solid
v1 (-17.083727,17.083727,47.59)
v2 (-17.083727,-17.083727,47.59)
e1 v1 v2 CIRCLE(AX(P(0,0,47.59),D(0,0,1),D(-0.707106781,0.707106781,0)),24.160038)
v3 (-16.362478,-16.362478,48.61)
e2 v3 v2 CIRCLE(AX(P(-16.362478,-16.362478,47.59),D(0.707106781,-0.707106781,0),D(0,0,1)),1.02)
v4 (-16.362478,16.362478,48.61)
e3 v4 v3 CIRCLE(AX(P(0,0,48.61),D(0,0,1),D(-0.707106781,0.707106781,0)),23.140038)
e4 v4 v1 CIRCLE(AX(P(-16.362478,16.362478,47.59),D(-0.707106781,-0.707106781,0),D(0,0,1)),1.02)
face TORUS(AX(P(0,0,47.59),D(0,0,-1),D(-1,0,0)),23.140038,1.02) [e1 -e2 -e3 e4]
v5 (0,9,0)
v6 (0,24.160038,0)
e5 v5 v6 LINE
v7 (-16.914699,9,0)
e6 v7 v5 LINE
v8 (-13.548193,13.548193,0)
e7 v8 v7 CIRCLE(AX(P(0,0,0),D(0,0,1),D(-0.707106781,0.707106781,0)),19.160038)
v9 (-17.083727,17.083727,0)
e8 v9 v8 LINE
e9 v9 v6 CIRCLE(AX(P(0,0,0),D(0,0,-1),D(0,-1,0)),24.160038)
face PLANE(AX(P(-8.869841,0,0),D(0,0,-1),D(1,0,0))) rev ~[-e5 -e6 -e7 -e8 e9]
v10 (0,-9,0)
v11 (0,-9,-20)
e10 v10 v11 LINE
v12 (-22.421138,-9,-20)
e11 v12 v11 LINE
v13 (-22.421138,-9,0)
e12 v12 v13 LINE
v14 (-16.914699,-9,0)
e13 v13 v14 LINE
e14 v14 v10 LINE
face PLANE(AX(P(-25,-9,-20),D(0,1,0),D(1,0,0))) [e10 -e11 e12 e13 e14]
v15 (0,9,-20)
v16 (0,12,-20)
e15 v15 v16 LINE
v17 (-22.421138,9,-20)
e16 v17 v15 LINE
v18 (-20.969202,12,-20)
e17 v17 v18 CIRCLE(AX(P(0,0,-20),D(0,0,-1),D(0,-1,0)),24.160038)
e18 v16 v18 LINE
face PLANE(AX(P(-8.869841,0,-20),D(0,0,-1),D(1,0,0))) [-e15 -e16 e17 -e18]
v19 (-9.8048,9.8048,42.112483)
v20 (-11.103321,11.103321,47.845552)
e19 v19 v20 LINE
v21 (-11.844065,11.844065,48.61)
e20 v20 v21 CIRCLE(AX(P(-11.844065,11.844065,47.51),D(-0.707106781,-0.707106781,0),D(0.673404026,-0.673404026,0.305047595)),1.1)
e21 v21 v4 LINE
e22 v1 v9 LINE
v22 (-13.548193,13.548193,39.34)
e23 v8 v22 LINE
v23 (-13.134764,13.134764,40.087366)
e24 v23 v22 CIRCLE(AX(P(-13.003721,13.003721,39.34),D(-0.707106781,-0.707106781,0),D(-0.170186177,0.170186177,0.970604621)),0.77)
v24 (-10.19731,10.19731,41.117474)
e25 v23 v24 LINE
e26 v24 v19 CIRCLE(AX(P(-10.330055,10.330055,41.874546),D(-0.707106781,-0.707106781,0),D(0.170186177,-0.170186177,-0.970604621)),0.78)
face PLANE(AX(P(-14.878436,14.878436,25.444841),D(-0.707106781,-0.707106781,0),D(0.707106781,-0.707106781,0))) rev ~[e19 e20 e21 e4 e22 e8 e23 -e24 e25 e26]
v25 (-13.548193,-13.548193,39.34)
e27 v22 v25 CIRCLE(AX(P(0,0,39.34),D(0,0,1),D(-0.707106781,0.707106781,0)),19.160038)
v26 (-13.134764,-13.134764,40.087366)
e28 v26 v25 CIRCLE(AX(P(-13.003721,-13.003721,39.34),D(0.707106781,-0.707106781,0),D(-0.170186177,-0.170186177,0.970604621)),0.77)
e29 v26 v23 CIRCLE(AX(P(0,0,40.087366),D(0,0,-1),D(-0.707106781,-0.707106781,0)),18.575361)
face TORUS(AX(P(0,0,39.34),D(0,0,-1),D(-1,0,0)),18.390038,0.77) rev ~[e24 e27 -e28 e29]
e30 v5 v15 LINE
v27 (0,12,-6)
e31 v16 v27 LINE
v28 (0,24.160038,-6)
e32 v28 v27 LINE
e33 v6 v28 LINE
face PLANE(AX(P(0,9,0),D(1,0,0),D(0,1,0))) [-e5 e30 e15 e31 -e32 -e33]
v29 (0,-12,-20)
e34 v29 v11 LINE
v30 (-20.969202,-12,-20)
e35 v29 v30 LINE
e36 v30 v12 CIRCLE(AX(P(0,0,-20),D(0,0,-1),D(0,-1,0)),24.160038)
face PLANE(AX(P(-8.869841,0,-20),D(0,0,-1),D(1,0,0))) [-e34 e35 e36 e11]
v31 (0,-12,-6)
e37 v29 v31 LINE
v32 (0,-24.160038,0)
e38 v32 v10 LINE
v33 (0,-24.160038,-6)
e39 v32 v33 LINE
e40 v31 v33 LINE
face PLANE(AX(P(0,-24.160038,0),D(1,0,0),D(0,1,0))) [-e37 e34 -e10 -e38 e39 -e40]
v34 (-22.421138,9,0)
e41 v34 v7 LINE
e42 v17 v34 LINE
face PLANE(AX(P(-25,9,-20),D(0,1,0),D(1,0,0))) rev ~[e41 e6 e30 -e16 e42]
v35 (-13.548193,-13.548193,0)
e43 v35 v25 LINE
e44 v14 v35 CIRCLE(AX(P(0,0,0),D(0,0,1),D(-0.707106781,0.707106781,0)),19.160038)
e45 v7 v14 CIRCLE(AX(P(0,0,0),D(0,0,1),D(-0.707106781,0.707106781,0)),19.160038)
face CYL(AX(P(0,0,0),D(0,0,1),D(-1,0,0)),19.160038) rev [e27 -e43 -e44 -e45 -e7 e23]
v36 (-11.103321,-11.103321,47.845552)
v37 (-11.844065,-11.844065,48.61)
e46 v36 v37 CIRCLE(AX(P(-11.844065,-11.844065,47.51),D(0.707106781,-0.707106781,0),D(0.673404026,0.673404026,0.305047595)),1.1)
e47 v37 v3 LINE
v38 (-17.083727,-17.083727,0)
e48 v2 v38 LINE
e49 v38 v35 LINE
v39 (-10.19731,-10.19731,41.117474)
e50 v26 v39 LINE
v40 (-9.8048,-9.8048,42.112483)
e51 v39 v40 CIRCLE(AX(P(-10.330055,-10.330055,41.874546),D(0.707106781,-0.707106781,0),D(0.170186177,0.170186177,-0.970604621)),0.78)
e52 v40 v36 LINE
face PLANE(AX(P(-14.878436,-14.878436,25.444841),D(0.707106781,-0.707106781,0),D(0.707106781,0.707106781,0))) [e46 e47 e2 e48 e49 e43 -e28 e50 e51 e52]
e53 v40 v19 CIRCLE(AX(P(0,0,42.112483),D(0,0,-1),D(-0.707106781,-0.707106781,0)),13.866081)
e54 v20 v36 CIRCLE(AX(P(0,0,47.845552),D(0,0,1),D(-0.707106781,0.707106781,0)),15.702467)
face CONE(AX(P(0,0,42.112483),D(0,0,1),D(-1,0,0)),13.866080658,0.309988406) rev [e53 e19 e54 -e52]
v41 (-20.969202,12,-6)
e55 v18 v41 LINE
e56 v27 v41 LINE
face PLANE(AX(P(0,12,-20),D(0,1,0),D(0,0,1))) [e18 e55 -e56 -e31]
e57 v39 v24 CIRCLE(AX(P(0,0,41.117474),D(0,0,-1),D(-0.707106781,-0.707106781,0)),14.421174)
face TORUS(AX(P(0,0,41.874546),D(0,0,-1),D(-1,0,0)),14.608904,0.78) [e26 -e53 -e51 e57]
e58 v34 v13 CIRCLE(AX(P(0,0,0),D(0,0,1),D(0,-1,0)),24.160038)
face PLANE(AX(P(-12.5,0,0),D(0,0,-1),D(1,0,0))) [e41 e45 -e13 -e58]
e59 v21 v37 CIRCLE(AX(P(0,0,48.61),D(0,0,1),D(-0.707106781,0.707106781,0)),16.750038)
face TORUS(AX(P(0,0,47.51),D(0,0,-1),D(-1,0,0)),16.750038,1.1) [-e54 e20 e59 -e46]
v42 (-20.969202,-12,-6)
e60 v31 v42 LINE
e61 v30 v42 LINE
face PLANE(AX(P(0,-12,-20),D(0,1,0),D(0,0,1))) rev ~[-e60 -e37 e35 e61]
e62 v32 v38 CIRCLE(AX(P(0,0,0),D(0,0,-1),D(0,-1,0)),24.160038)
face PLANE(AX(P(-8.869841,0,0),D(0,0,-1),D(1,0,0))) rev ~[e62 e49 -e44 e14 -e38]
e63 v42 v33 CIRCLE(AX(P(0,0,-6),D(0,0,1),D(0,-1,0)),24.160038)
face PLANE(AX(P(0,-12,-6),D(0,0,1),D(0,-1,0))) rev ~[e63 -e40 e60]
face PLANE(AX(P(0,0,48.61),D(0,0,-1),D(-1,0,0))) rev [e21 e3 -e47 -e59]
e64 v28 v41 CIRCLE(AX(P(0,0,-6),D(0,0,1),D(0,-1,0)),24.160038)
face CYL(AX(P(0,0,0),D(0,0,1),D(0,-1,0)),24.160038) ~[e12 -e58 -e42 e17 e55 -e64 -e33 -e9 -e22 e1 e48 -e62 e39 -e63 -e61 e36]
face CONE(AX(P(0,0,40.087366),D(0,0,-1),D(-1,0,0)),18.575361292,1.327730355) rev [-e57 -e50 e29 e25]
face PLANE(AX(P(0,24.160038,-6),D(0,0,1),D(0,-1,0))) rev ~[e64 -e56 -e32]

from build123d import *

# Parameters (mm, degrees)
REVOLUTION001_ANGLE = 90
PAD_DEPTH           = 20
SKETCH003_W         = 14
SKETCH003_H         = 12.160038
POCKET_DEPTH        = 24.1610380001
SKETCH004_R         = 2
POCKET001_DEPTH     = 54.611
SKETCH007_W         = 25
SKETCH007_H         = 18
POCKET002_DEPTH     = 20


with BuildPart() as part:
    # Sketch001 → Revolution001 (revolve, symmetric)
    with BuildSketch(Plane.XZ) as revolution001_sk:
        with BuildLine():
            Line((-13.8660806584, 42.1124829734), (-15.7024671828, 47.8455523549))
            ThreePointArc((-15.7024671828, 47.8455523549), (-16.1016197671, 48.3985683965), (-16.750038, 48.61))
            Line((-16.750038, 48.61), (-23.140038, 48.61))
            ThreePointArc((-23.140038, 48.61), (-23.8612869168, 48.3112489168), (-24.160038, 47.59))
            Line((-24.160038, 47.59), (-24.160038, 0))
            Line((-24.160038, 0), (-19.160038, 0))
            Line((-19.160038, 0), (-19.160038, 39.34))
            ThreePointArc((-18.5753612917, 40.0873655582), (-18.9965027288, 39.8144476079), (-19.160038, 39.34))
            Line((-18.5753612917, 40.0873655582), (-14.4211735138, 41.1174742446))
            ThreePointArc((-14.4211735138, 41.1174742446), (-13.9277334111, 41.4945364128), (-13.8660806584, 42.1124829734))
        make_face()
    revolve(axis=Axis((0, 0, 0), (0, 0, 1)), revolution_arc=REVOLUTION001_ANGLE / 2)
    revolve(revolution001_sk.sketch, axis=Axis((0, 0, 0), (0, 0, -1)), revolution_arc=REVOLUTION001_ANGLE / 2)

    # Sketch002 (on Face8 of Revolution001) → Pad (new body)
    with BuildSketch(Plane(origin=(0, 0, 0), x_dir=(1, 0, 0), z_dir=(0, 0, -1))):
        with BuildLine():
            ThreePointArc((0, 24.160038), (-24.160038, 0), (0, -24.160038))
            Line((0, -9), (0, -24.160038))
            ThreePointArc((0, 9), (-9, 0), (0, -9))
            Line((0, 24.160038), (0, 9))
        make_face()
    extrude(amount=PAD_DEPTH)

    # Sketch003 (on Face13 of Pad) → Pocket (cut, through all)
    with BuildSketch(Plane(origin=(0, 0, 0), x_dir=(0, 0, 1), z_dir=(1, 0, 0))):
        with Locations((-13, 18.080019)):
            Rectangle(SKETCH003_W, SKETCH003_H)
        with Locations((-13, -18.080019)):
            Rectangle(SKETCH003_W, SKETCH003_H)
    extrude(amount=-POCKET_DEPTH, mode=Mode.SUBTRACT)

    # Sketch004 (on Face20 of Pocket) → Pocket001 (cut, through all)
    with BuildSketch(Plane(origin=(0, 0, -6), x_dir=(1, 0, 0), z_dir=(0, 0, -1))):
        with Locations((-10, -5)):
            Circle(SKETCH004_R)
    extrude(amount=-POCKET001_DEPTH, mode=Mode.SUBTRACT)

    # Sketch007 (on Face18 of Pocket001) → Pocket002 (cut)
    with BuildSketch(Plane(origin=(0, 0, -20), x_dir=(1, 0, 0), z_dir=(0, 0, -1))):
        with Locations((-12.5, 0)):
            Rectangle(SKETCH007_W, SKETCH007_H)
    extrude(amount=-POCKET002_DEPTH, mode=Mode.SUBTRACT)


solid = part.part
